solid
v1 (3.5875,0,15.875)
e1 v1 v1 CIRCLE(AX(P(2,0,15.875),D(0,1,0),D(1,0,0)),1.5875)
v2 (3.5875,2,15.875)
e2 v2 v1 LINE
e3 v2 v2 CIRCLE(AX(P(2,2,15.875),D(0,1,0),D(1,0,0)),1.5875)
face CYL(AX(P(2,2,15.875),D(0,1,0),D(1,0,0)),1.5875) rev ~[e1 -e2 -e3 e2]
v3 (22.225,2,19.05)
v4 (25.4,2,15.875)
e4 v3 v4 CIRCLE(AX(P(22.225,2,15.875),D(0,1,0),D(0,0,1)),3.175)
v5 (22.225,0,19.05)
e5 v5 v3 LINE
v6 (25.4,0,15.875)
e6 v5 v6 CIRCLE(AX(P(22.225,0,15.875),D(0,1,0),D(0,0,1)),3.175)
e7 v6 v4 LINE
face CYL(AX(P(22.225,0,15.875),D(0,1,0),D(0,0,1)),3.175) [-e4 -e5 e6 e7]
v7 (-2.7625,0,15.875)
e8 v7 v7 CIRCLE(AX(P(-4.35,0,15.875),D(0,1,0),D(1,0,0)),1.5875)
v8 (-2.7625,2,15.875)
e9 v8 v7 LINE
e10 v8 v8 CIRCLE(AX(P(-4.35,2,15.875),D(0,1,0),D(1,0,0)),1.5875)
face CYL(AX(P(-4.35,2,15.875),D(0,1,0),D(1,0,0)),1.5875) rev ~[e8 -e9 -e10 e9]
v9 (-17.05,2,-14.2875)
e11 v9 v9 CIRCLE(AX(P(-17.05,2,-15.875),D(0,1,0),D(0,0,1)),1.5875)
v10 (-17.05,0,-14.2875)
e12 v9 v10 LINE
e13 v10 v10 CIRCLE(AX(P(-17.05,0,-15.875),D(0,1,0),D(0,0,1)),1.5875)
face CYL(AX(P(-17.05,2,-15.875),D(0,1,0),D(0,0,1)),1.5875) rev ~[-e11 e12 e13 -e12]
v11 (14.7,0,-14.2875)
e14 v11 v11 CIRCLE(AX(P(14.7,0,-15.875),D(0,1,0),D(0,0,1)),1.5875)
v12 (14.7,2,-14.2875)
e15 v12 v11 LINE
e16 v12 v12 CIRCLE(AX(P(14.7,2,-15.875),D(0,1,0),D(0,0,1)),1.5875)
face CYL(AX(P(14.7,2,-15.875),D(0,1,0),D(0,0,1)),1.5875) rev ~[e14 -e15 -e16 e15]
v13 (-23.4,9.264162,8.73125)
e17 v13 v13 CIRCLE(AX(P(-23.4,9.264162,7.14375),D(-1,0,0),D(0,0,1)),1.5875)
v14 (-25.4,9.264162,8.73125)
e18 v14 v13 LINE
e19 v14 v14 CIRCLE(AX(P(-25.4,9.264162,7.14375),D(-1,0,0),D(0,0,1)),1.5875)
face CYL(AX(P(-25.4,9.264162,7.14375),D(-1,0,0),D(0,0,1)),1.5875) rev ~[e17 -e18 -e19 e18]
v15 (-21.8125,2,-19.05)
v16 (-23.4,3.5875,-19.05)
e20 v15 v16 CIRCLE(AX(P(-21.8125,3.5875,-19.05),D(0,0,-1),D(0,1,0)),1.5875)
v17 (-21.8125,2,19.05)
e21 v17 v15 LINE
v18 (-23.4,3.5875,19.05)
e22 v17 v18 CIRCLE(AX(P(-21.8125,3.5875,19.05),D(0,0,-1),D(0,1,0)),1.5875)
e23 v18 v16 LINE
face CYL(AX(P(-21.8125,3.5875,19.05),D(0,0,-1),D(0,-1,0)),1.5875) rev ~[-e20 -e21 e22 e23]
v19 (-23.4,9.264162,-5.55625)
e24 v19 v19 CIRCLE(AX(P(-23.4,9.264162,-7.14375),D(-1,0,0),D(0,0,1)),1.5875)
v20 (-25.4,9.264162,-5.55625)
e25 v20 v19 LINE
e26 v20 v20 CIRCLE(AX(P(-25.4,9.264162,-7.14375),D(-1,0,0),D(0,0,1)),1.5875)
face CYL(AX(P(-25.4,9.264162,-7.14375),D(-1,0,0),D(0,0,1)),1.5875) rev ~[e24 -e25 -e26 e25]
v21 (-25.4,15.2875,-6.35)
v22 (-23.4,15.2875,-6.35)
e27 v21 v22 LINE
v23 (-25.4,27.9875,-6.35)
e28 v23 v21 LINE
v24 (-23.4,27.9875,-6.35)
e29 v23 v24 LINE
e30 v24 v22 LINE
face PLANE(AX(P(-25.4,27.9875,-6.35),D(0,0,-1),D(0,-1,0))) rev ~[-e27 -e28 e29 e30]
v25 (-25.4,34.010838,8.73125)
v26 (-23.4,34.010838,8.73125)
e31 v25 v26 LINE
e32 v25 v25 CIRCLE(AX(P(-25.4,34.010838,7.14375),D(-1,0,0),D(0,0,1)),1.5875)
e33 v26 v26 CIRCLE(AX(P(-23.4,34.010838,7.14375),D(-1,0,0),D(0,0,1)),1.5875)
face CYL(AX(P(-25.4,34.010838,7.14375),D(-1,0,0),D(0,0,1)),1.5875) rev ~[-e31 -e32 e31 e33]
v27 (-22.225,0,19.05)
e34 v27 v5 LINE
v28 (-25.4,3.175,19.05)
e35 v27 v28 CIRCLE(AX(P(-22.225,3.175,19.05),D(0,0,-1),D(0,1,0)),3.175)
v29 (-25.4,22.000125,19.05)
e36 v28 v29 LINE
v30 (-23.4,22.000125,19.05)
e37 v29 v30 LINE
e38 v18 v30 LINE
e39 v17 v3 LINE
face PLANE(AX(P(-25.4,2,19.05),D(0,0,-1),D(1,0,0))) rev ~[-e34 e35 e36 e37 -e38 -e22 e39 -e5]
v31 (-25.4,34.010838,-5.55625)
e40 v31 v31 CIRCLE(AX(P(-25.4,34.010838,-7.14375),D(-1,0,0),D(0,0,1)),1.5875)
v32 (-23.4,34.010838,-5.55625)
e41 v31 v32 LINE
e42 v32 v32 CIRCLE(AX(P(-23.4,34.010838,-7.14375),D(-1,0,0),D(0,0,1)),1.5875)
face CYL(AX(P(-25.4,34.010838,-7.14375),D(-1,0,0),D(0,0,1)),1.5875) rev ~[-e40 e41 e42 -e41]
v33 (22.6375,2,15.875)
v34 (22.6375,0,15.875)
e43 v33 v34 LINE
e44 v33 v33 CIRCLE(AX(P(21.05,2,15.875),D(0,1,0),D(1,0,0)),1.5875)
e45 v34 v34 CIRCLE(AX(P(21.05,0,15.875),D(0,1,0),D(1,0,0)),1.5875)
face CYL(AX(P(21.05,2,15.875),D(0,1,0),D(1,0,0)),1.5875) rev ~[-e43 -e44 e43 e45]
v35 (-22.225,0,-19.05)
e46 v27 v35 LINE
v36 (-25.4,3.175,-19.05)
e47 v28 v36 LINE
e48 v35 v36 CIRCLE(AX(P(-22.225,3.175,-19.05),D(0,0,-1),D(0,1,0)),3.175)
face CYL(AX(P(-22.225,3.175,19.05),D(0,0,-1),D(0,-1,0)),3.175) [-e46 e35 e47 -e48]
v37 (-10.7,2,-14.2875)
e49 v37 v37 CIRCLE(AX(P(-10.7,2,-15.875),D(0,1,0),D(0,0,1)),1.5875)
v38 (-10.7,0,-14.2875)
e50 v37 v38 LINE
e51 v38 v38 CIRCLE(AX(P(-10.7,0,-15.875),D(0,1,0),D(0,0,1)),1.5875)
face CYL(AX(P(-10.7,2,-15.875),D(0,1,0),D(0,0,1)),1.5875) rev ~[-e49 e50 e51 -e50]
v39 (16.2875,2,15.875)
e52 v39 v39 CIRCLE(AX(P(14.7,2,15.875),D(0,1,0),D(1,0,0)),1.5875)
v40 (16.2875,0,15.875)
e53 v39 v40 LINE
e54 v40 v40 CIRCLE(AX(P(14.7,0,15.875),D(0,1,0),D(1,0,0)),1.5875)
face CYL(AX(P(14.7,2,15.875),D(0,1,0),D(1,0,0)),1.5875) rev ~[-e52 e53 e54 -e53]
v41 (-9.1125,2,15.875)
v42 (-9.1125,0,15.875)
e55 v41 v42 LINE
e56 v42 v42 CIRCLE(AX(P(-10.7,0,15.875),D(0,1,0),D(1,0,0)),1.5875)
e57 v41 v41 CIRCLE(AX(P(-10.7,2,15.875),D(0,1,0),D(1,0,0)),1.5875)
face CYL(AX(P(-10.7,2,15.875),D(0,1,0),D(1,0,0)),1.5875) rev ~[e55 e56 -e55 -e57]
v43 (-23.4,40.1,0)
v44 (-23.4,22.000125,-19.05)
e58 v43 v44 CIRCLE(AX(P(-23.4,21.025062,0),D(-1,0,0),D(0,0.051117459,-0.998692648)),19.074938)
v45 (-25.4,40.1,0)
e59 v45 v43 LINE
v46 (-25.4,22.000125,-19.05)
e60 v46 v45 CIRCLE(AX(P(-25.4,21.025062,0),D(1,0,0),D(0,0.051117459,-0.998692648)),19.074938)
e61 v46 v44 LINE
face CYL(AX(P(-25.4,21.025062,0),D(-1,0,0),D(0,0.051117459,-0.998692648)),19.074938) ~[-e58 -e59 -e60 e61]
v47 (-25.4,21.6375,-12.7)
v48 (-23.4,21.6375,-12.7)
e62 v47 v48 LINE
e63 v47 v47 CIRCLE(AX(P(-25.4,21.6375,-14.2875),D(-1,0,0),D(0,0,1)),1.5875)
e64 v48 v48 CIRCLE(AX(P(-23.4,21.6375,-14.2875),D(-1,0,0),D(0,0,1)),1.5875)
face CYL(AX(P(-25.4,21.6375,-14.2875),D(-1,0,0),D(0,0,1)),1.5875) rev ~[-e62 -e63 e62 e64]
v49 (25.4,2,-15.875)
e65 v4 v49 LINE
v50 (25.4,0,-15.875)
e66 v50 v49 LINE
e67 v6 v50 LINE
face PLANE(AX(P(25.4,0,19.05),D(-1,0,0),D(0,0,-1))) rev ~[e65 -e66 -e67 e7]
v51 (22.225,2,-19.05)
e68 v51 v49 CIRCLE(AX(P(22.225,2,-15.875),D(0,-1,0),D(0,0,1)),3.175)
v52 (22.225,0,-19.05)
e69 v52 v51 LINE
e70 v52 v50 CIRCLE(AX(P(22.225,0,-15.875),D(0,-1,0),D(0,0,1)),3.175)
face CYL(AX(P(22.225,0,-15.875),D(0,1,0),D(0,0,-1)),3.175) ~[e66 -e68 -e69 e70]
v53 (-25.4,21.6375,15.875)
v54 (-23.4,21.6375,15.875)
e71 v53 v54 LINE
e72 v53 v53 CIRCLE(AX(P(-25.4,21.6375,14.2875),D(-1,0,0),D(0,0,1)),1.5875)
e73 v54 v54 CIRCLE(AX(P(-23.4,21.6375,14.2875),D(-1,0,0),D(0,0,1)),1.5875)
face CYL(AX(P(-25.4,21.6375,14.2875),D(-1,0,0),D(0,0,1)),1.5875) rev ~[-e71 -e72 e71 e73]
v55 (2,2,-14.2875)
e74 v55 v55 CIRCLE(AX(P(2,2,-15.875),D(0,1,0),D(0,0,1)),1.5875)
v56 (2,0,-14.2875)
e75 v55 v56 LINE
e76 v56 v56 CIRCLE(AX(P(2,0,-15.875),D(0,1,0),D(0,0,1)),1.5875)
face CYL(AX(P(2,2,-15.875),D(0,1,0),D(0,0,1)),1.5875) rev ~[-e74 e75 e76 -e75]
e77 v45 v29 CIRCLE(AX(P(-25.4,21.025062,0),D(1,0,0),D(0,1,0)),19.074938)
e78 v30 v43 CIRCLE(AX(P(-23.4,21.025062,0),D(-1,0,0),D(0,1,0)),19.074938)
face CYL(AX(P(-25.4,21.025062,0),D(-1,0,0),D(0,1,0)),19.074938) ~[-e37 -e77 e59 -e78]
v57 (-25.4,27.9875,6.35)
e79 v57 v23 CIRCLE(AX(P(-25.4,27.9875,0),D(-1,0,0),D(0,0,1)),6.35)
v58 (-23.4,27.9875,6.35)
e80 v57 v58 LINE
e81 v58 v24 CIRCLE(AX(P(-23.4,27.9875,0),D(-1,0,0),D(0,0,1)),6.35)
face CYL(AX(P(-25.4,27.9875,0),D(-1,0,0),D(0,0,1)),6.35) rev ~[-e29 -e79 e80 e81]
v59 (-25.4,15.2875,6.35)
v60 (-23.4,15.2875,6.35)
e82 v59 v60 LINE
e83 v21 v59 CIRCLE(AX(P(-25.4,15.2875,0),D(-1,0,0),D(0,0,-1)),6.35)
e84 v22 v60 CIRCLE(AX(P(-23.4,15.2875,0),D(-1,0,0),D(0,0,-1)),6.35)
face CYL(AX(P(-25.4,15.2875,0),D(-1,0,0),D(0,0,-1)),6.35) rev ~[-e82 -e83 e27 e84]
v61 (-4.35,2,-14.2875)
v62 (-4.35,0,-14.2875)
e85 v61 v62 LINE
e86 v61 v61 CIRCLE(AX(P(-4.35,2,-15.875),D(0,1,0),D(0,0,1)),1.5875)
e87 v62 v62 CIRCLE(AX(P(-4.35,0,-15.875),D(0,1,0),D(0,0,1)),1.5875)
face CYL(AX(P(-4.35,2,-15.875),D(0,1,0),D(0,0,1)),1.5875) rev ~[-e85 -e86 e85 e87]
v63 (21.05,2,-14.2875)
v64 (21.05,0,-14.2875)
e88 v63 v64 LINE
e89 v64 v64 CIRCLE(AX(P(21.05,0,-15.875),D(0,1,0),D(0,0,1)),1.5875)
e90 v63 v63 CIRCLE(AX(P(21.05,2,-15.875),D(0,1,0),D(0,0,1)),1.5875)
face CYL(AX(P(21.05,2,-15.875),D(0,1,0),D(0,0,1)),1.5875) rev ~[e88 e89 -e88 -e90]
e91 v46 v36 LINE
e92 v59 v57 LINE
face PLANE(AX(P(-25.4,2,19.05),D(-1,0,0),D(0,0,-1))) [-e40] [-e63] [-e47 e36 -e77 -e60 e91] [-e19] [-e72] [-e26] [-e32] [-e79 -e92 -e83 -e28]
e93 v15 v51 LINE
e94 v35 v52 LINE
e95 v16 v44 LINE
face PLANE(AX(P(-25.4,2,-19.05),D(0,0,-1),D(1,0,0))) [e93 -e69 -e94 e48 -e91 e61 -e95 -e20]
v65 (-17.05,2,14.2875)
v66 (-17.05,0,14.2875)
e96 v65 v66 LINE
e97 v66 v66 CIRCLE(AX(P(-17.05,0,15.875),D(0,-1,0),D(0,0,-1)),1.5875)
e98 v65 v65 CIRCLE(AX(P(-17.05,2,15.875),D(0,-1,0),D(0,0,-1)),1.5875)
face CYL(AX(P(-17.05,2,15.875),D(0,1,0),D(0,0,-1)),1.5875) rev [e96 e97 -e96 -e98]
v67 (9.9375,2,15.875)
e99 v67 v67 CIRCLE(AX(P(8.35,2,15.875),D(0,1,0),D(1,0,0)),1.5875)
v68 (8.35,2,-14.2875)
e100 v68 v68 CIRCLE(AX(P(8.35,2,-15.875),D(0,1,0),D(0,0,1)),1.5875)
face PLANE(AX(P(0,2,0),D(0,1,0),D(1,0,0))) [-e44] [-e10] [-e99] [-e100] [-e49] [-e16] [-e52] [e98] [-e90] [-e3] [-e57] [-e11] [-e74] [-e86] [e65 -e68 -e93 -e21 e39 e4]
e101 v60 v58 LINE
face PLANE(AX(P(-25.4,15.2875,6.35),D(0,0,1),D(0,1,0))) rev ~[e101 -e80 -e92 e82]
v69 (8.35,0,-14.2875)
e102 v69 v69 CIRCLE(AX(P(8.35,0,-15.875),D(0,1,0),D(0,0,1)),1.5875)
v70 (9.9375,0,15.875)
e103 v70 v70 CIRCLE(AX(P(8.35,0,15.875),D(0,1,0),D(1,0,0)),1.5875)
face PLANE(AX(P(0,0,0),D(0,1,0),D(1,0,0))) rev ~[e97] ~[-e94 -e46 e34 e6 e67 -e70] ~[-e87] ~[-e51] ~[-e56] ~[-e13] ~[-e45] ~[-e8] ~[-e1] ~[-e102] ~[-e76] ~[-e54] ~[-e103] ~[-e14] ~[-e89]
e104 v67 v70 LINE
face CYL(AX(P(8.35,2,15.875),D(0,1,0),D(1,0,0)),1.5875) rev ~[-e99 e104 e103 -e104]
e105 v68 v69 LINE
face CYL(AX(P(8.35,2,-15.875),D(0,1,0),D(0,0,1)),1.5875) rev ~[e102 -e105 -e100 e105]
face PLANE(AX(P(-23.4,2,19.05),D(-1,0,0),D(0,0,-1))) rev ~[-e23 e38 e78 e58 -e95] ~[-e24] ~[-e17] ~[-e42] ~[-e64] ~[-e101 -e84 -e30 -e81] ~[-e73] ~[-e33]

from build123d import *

# Parameters (mm, degrees)
SKETCH1_W               = 50.8
SKETCH1_H               = 38.1
BOSS_EXTRUDE1_DEPTH     = 2
SKETCH2_W               = 2
SKETCH2_H               = 38.1
BOSS_EXTRUDE2_DEPTH     = 38.1
CUT_EXTRUDE2_DEPTH      = 38.1
SKETCH4_R               = 1.5875
CUT_EXTRUDE3_DEPTH      = 2
LPATTERN1_COUNT         = 7
LPATTERN1_PITCH         = 6.35
MIRROR1_COPY_1_SKETCH_R = 1.5875
MIRROR1_COPY_1_DEPTH    = 2
MIRROR1_COPY_2_SKETCH_R = 1.5875
MIRROR1_COPY_2_DEPTH    = 2
MIRROR1_COPY_3_SKETCH_R = 1.5875
MIRROR1_COPY_3_DEPTH    = 2
MIRROR1_COPY_4_SKETCH_R = 1.5875
MIRROR1_COPY_4_DEPTH    = 2
MIRROR1_COPY_5_SKETCH_R = 1.5875
MIRROR1_COPY_5_DEPTH    = 2
MIRROR1_COPY_6_SKETCH_R = 1.5875
MIRROR1_COPY_6_DEPTH    = 2
FILLET1_R               = 3.175
FILLET2_R               = 1.5875
FILLET3_R               = 3.175
SKETCH5_R               = 1.5875
CUT_EXTRUDE4_DEPTH      = 68.46519473


with BuildPart() as part:
    # Sketch1 → Boss-Extrude1 (new body)
    with BuildSketch(Plane(origin=(0, 0, 0), x_dir=(1, 0, 0), z_dir=(0, 1, 0))):
        Rectangle(SKETCH1_W, SKETCH1_H)
    extrude(amount=BOSS_EXTRUDE1_DEPTH)

    # Sketch2 → Boss-Extrude2 (add)
    with BuildSketch(Plane(origin=(0, 2, 0), x_dir=(1, 0, 0), z_dir=(0, 1, 0))):
        with Locations((-24.4, 0)):
            Rectangle(SKETCH2_W, SKETCH2_H)
    extrude(amount=BOSS_EXTRUDE2_DEPTH)

    # Sketch3 → Cut-Extrude2 (cut)
    with BuildSketch(Plane.ZY.offset(25.4)):
        with BuildLine():
            Line((19.05, 40.1), (0, 40.1))
            ThreePointArc((0, 40.1), (13.138759324, 34.85352032), (19.05, 22.000124688))
            Line((19.05, 22.000124688), (19.05, 40.1))
        make_face()
        with BuildLine():
            Line((-19.05, 40.1), (-19.05, 22.000124688))
            ThreePointArc((-19.05, 22.000124688), (-13.138759324, 34.85352032), (0, 40.1))
            Line((0, 40.1), (-19.05, 40.1))
        make_face()
    extrude(amount=-CUT_EXTRUDE2_DEPTH, mode=Mode.SUBTRACT)

    # Sketch4 → Cut-Extrude3 (cut)
    with BuildSketch(Plane(origin=(0, 2, 0), x_dir=(1, 0, 0), z_dir=(0, 1, 0))):
        with Locations(Location((-17.05, 15.875, 0), (0, 0, 270))):
            Circle(SKETCH4_R)
    cut_extrude3 = extrude(amount=-CUT_EXTRUDE3_DEPTH, mode=Mode.SUBTRACT)

    # LPattern1: Cut-Extrude3 ×7
    with Locations(*[(i * LPATTERN1_PITCH, 0, 0) for i in range(1, LPATTERN1_COUNT)]):
        add(cut_extrude3, mode=Mode.SUBTRACT)

    # Mirror1: Cut-Extrude3 across plane
    add(cut_extrude3.mirror(Plane.XY), mode=Mode.SUBTRACT)

    # Mirror1 copy 1 sketch → Mirror1 copy 1 (cut)
    with BuildSketch(Plane(origin=(6.35, 2, 0), x_dir=(1, 0, 0), z_dir=(0, 1, 0))):
        with Locations((-17.05, -15.875)):
            Circle(MIRROR1_COPY_1_SKETCH_R)
    extrude(amount=-MIRROR1_COPY_1_DEPTH, mode=Mode.SUBTRACT)

    # Mirror1 copy 2 sketch → Mirror1 copy 2 (cut)
    with BuildSketch(Plane(origin=(12.7, 2, 0), x_dir=(1, 0, 0), z_dir=(0, 1, 0))):
        with Locations((-17.05, -15.875)):
            Circle(MIRROR1_COPY_2_SKETCH_R)
    extrude(amount=-MIRROR1_COPY_2_DEPTH, mode=Mode.SUBTRACT)

    # Mirror1 copy 3 sketch → Mirror1 copy 3 (cut)
    with BuildSketch(Plane(origin=(19.05, 2, 0), x_dir=(1, 0, 0), z_dir=(0, 1, 0))):
        with Locations((-17.05, -15.875)):
            Circle(MIRROR1_COPY_3_SKETCH_R)
    extrude(amount=-MIRROR1_COPY_3_DEPTH, mode=Mode.SUBTRACT)

    # Mirror1 copy 4 sketch → Mirror1 copy 4 (cut)
    with BuildSketch(Plane(origin=(25.4, 2, 0), x_dir=(1, 0, 0), z_dir=(0, 1, 0))):
        with Locations((-17.05, -15.875)):
            Circle(MIRROR1_COPY_4_SKETCH_R)
    extrude(amount=-MIRROR1_COPY_4_DEPTH, mode=Mode.SUBTRACT)

    # Mirror1 copy 5 sketch → Mirror1 copy 5 (cut)
    with BuildSketch(Plane(origin=(31.75, 2, 0), x_dir=(1, 0, 0), z_dir=(0, 1, 0))):
        with Locations((-17.05, -15.875)):
            Circle(MIRROR1_COPY_5_SKETCH_R)
    extrude(amount=-MIRROR1_COPY_5_DEPTH, mode=Mode.SUBTRACT)

    # Mirror1 copy 6 sketch → Mirror1 copy 6 (cut)
    with BuildSketch(Plane(origin=(38.1, 2, 0), x_dir=(1, 0, 0), z_dir=(0, 1, 0))):
        with Locations((-17.05, -15.875)):
            Circle(MIRROR1_COPY_6_SKETCH_R)
    extrude(amount=-MIRROR1_COPY_6_DEPTH, mode=Mode.SUBTRACT)

    # Fillet1
    fillet1_edges = [part.edges().sort_by_distance(p)[0] for p in [
        (25.4, 1, 19.05),
        (25.4, 1, -19.05),
    ]]
    fillet(fillet1_edges, radius=FILLET1_R)

    # Fillet2
    fillet2_edges = [part.edges().sort_by_distance(p)[0] for p in [
        (-23.4, 2, 0),
    ]]
    fillet(fillet2_edges, radius=FILLET2_R)

    # Fillet3
    fillet3_edges = [part.edges().sort_by_distance(p)[0] for p in [
        (-25.4, 0, 0),
    ]]
    fillet(fillet3_edges, radius=FILLET3_R)

    # Sketch5 → Cut-Extrude4 (cut, through all)
    with BuildSketch(Plane.ZY.offset(25.4)):
        with Locations((14.2875, 21.6375)):
            Circle(SKETCH5_R)
        with Locations((7.14375, 9.264162043)):
            Circle(SKETCH5_R)
        with Locations((-7.14375, 9.264162043)):
            Circle(SKETCH5_R)
        with Locations((-14.2875, 21.6375)):
            Circle(SKETCH5_R)
        with Locations((-7.14375, 34.010837957)):
            Circle(SKETCH5_R)
        with Locations((7.14375, 34.010837957)):
            Circle(SKETCH5_R)
        with BuildLine():
            Line((-6.35, 27.9875), (-6.35, 15.2875))
            ThreePointArc((-6.35, 15.2875), (0, 8.9375), (6.35, 15.2875))
            Line((6.35, 15.2875), (6.35, 27.9875))
            ThreePointArc((6.35, 27.9875), (0, 34.3375), (-6.35, 27.9875))
        make_face()
    extrude(amount=-CUT_EXTRUDE4_DEPTH, mode=Mode.SUBTRACT)


solid = part.part
